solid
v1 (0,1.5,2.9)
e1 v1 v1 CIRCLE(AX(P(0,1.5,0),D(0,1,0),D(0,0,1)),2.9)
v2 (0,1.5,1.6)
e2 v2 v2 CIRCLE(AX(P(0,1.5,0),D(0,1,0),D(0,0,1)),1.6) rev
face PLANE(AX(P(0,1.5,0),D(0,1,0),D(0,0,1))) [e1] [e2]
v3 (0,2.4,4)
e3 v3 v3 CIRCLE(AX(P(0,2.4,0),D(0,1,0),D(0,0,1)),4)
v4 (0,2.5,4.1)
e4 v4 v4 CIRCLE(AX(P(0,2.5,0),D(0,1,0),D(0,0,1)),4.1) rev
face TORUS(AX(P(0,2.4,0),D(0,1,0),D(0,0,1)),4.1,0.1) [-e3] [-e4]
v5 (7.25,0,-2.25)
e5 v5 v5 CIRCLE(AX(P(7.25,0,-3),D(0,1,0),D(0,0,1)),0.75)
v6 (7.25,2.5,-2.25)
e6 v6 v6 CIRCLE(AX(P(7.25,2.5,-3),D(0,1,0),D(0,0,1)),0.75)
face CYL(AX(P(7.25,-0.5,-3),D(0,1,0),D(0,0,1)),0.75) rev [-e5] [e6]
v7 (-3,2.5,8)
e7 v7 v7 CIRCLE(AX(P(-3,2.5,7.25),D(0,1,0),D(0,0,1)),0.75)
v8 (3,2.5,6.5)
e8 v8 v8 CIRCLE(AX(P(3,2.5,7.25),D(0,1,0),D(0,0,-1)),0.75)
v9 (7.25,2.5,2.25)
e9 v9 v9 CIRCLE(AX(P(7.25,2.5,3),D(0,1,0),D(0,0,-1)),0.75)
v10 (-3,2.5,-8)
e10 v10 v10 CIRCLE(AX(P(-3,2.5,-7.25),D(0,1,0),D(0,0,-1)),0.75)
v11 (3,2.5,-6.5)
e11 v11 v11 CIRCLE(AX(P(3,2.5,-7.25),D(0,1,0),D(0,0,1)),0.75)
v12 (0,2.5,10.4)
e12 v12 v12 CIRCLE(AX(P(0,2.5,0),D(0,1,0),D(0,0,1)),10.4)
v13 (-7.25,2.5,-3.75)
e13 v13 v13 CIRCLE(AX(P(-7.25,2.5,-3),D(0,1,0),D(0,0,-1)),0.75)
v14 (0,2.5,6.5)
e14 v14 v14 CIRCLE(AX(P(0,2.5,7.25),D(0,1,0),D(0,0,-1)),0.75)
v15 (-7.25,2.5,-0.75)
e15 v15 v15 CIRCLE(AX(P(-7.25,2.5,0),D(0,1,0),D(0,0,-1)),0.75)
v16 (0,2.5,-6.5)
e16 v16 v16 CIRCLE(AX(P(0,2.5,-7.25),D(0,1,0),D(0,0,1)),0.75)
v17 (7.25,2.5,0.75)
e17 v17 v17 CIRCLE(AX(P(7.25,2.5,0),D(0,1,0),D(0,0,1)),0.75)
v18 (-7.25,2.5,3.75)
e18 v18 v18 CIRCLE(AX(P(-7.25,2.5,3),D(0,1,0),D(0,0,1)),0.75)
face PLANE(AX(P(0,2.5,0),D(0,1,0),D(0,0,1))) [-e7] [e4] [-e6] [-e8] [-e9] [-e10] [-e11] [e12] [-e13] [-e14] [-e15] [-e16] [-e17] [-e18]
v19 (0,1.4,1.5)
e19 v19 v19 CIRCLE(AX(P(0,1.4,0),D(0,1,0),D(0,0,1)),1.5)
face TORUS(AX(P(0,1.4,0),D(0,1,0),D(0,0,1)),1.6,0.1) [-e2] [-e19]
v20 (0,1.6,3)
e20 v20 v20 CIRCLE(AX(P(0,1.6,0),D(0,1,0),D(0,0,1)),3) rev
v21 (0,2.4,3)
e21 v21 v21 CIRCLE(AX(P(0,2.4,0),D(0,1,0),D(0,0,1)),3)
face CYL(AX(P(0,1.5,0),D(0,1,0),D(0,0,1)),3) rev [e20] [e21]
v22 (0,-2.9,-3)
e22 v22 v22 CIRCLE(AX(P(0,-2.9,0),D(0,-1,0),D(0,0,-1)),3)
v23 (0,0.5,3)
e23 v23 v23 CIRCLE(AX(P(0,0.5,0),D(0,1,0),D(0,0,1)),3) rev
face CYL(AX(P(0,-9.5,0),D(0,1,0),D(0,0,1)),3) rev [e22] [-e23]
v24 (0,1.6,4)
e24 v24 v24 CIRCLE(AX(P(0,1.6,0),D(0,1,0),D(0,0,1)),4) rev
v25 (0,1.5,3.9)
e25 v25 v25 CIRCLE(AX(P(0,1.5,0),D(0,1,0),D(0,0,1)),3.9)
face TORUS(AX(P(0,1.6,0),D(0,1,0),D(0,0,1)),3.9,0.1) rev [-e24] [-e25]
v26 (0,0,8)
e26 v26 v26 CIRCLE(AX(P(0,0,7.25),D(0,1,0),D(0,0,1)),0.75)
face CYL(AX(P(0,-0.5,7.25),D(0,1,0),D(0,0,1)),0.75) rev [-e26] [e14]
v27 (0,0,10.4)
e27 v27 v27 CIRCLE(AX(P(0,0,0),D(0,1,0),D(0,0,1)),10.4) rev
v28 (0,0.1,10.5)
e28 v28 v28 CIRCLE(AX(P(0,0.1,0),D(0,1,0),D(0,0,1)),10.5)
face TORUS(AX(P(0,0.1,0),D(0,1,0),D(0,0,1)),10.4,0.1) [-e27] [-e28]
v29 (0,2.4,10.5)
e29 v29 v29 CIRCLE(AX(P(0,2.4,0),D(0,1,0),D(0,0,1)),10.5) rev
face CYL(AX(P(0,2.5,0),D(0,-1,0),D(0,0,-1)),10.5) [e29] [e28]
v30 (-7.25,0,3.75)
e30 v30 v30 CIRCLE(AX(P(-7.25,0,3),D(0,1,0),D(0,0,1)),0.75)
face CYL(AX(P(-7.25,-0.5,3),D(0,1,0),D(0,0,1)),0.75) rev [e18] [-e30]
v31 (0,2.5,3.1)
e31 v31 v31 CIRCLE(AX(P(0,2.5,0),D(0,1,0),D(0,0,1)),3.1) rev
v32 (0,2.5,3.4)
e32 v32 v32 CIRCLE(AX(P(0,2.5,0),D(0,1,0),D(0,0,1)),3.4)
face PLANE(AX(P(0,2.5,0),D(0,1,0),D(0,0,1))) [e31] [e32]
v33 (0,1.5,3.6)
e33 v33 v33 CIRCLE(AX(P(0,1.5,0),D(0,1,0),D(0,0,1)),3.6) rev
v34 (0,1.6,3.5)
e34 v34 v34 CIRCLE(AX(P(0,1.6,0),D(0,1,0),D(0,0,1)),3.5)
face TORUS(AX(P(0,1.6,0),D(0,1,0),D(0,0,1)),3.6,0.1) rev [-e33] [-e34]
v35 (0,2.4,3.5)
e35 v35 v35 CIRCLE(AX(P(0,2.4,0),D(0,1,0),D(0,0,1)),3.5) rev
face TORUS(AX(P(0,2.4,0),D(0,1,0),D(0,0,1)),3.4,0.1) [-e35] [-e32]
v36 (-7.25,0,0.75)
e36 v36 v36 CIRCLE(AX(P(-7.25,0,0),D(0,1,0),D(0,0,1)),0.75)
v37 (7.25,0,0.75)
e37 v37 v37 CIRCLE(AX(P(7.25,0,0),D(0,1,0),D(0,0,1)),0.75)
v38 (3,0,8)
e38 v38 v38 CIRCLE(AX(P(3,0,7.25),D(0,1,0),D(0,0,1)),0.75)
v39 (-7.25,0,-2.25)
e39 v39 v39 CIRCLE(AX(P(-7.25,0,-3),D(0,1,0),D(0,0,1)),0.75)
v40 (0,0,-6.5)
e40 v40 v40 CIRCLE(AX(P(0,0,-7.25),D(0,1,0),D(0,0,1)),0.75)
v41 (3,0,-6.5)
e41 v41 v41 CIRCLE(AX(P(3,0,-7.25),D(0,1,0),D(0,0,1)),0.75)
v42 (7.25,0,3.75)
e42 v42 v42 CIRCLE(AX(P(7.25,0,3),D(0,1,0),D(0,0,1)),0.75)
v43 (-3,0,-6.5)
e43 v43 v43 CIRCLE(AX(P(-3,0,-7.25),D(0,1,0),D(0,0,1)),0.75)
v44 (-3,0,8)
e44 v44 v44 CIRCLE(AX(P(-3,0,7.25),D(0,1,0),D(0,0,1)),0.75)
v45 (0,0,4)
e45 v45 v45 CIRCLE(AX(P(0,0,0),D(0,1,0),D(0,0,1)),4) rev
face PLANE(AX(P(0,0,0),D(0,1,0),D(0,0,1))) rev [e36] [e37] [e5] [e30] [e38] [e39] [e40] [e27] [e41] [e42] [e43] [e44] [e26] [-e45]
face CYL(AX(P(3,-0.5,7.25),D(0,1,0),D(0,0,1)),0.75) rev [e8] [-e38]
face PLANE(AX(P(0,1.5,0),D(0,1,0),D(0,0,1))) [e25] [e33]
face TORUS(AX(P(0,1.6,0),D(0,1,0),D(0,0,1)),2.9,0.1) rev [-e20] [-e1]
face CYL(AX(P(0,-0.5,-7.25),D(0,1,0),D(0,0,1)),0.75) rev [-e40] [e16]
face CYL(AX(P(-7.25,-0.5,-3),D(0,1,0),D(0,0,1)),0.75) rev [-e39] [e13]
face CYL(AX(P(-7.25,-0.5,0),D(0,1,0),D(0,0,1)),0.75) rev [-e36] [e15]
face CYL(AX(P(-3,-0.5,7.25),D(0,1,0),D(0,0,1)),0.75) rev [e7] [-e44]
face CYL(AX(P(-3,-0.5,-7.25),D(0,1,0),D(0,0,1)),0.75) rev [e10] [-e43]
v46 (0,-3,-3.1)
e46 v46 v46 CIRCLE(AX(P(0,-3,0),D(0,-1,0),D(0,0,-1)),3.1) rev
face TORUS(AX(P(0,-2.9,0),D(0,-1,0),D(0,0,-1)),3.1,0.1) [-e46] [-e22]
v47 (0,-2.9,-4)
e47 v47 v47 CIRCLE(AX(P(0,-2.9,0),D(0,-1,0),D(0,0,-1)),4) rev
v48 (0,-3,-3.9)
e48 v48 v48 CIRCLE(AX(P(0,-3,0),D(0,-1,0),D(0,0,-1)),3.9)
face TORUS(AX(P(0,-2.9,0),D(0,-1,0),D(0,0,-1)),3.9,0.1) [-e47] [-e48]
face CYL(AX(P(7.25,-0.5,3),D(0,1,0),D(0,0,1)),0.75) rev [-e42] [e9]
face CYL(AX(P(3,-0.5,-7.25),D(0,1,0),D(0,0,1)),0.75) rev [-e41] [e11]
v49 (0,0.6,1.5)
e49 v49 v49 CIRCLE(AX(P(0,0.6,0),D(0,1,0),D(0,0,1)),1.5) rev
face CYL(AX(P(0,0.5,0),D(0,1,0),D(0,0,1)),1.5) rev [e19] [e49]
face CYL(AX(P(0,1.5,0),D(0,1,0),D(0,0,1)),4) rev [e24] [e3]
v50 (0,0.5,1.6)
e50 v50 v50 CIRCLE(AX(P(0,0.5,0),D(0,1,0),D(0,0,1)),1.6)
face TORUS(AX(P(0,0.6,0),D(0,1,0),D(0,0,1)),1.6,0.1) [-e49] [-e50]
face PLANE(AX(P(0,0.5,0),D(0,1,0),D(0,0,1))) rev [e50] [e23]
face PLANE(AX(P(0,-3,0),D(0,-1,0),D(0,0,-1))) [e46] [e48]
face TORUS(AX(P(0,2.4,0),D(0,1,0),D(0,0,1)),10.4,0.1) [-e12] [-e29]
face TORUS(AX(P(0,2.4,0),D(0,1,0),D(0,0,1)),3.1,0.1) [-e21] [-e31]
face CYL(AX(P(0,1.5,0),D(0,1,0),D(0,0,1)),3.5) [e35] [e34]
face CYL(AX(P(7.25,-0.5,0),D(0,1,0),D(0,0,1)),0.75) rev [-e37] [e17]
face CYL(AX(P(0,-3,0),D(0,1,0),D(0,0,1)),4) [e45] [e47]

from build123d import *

# Parameters (mm, degrees)
SKETCH_1_R          = 10.5
EXTRUDE_1_DEPTH     = 2.5
SKETCH_2_R          = 3
CUT_EXTRUDE_1_DEPTH = 12
SKETCH_3_R          = 4
SKETCH_3_R_2        = 3
EXTRUDE_2_DEPTH     = 3
SKETCH_4_R          = 0.75
CUT_EXTRUDE_2_DEPTH = 3
SKETCH_5_R          = 3
EXTRUDE_3_DEPTH     = 2
SKETCH_6_R          = 3
CUT_EXTRUDE_3_DEPTH = 1
SKETCH_7_R          = 1.5
CUT_EXTRUDE_5_DEPTH = 1
SKETCH_8_R          = 4
SKETCH_8_R_2        = 3.5
CUT_EXTRUDE_6_DEPTH = 1
FILLET_1_R          = 0.1


with BuildPart() as part:
    # 草图1 → 凸台-拉伸1 (new body)
    with BuildSketch(Plane(origin=(0, 0, 0), x_dir=(1, 0, 0), z_dir=(0, 1, 0))):
        Circle(SKETCH_1_R)
    extrude(amount=EXTRUDE_1_DEPTH)

    # 草图2 → 切除-拉伸1 (cut)
    with BuildSketch(Plane(origin=(0, 2.5, 0), x_dir=(1, 0, 0), z_dir=(0, 1, 0))):
        Circle(SKETCH_2_R)
    extrude(amount=-CUT_EXTRUDE_1_DEPTH, mode=Mode.SUBTRACT)

    # 草图3 → 凸台-拉伸2 (add)
    with BuildSketch(Plane.XZ):
        Circle(SKETCH_3_R)
        Circle(SKETCH_3_R_2, mode=Mode.SUBTRACT)
    extrude(amount=EXTRUDE_2_DEPTH)

    # 草图4 → 切除-拉伸2 (cut)
    with BuildSketch(Plane(origin=(0, 2.5, 0), x_dir=(1, 0, 0), z_dir=(0, 1, 0))):
        with Locations((0, 7.25)):
            Circle(SKETCH_4_R)
        with Locations((7.25, 0)):
            Circle(SKETCH_4_R)
        with Locations((3, 7.25)):
            Circle(SKETCH_4_R)
        with Locations((7.25, 3)):
            Circle(SKETCH_4_R)
        with Locations((-3, 7.25)):
            Circle(SKETCH_4_R)
        with Locations((7.25, -3)):
            Circle(SKETCH_4_R)
        with Locations((3, -7.25)):
            Circle(SKETCH_4_R)
        with Locations((0, -7.25)):
            Circle(SKETCH_4_R)
        with Locations((-3, -7.25)):
            Circle(SKETCH_4_R)
        with Locations((-7.25, -3)):
            Circle(SKETCH_4_R)
        with Locations((-7.25, 0)):
            Circle(SKETCH_4_R)
        with Locations((-7.25, 3)):
            Circle(SKETCH_4_R)
    extrude(amount=-CUT_EXTRUDE_2_DEPTH, mode=Mode.SUBTRACT)

    # 草图5 → 凸台-拉伸3 (add)
    with BuildSketch(Plane(origin=(0, 2.5, 0), x_dir=(1, 0, 0), z_dir=(0, 1, 0))):
        Circle(SKETCH_5_R)
    extrude(amount=-EXTRUDE_3_DEPTH)

    # 草图6 → 切除-拉伸3 (cut)
    with BuildSketch(Plane(origin=(0, 2.5, 0), x_dir=(1, 0, 0), z_dir=(0, 1, 0))):
        Circle(SKETCH_6_R)
    extrude(amount=-CUT_EXTRUDE_3_DEPTH, mode=Mode.SUBTRACT)

    # 草图7 → 切除-拉伸5 (cut)
    with BuildSketch(Plane(origin=(0, 1.5, 0), x_dir=(1, 0, 0), z_dir=(0, 1, 0))):
        Circle(SKETCH_7_R)
    extrude(amount=-CUT_EXTRUDE_5_DEPTH, mode=Mode.SUBTRACT)

    # 草图8 → 切除-拉伸6 (cut)
    with BuildSketch(Plane(origin=(0, 2.5, 0), x_dir=(1, 0, 0), z_dir=(0, 1, 0))):
        Circle(SKETCH_8_R)
        Circle(SKETCH_8_R_2, mode=Mode.SUBTRACT)
    extrude(amount=-CUT_EXTRUDE_6_DEPTH, mode=Mode.SUBTRACT)

    # 圆角1
    fillet_1_edges = [part.edges().sort_by_distance(p)[0] for p in [
        (-4, -3, 0),
        (-3, -3, 0),
        (-10.5, 0, 0),
        (-10.5, 2.5, 0),
        (-3, 1.5, 0),
        (-3, 2.5, 0),
        (-1.5, 0.5, 0),
        (-1.5, 1.5, 0),
        (-4, 1.5, 0),
        (-3.5, 1.5, 0),
        (-4, 2.5, 0),
        (-3.5, 2.5, 0),
    ]]
    fillet(fillet_1_edges, radius=FILLET_1_R)


solid = part.part
